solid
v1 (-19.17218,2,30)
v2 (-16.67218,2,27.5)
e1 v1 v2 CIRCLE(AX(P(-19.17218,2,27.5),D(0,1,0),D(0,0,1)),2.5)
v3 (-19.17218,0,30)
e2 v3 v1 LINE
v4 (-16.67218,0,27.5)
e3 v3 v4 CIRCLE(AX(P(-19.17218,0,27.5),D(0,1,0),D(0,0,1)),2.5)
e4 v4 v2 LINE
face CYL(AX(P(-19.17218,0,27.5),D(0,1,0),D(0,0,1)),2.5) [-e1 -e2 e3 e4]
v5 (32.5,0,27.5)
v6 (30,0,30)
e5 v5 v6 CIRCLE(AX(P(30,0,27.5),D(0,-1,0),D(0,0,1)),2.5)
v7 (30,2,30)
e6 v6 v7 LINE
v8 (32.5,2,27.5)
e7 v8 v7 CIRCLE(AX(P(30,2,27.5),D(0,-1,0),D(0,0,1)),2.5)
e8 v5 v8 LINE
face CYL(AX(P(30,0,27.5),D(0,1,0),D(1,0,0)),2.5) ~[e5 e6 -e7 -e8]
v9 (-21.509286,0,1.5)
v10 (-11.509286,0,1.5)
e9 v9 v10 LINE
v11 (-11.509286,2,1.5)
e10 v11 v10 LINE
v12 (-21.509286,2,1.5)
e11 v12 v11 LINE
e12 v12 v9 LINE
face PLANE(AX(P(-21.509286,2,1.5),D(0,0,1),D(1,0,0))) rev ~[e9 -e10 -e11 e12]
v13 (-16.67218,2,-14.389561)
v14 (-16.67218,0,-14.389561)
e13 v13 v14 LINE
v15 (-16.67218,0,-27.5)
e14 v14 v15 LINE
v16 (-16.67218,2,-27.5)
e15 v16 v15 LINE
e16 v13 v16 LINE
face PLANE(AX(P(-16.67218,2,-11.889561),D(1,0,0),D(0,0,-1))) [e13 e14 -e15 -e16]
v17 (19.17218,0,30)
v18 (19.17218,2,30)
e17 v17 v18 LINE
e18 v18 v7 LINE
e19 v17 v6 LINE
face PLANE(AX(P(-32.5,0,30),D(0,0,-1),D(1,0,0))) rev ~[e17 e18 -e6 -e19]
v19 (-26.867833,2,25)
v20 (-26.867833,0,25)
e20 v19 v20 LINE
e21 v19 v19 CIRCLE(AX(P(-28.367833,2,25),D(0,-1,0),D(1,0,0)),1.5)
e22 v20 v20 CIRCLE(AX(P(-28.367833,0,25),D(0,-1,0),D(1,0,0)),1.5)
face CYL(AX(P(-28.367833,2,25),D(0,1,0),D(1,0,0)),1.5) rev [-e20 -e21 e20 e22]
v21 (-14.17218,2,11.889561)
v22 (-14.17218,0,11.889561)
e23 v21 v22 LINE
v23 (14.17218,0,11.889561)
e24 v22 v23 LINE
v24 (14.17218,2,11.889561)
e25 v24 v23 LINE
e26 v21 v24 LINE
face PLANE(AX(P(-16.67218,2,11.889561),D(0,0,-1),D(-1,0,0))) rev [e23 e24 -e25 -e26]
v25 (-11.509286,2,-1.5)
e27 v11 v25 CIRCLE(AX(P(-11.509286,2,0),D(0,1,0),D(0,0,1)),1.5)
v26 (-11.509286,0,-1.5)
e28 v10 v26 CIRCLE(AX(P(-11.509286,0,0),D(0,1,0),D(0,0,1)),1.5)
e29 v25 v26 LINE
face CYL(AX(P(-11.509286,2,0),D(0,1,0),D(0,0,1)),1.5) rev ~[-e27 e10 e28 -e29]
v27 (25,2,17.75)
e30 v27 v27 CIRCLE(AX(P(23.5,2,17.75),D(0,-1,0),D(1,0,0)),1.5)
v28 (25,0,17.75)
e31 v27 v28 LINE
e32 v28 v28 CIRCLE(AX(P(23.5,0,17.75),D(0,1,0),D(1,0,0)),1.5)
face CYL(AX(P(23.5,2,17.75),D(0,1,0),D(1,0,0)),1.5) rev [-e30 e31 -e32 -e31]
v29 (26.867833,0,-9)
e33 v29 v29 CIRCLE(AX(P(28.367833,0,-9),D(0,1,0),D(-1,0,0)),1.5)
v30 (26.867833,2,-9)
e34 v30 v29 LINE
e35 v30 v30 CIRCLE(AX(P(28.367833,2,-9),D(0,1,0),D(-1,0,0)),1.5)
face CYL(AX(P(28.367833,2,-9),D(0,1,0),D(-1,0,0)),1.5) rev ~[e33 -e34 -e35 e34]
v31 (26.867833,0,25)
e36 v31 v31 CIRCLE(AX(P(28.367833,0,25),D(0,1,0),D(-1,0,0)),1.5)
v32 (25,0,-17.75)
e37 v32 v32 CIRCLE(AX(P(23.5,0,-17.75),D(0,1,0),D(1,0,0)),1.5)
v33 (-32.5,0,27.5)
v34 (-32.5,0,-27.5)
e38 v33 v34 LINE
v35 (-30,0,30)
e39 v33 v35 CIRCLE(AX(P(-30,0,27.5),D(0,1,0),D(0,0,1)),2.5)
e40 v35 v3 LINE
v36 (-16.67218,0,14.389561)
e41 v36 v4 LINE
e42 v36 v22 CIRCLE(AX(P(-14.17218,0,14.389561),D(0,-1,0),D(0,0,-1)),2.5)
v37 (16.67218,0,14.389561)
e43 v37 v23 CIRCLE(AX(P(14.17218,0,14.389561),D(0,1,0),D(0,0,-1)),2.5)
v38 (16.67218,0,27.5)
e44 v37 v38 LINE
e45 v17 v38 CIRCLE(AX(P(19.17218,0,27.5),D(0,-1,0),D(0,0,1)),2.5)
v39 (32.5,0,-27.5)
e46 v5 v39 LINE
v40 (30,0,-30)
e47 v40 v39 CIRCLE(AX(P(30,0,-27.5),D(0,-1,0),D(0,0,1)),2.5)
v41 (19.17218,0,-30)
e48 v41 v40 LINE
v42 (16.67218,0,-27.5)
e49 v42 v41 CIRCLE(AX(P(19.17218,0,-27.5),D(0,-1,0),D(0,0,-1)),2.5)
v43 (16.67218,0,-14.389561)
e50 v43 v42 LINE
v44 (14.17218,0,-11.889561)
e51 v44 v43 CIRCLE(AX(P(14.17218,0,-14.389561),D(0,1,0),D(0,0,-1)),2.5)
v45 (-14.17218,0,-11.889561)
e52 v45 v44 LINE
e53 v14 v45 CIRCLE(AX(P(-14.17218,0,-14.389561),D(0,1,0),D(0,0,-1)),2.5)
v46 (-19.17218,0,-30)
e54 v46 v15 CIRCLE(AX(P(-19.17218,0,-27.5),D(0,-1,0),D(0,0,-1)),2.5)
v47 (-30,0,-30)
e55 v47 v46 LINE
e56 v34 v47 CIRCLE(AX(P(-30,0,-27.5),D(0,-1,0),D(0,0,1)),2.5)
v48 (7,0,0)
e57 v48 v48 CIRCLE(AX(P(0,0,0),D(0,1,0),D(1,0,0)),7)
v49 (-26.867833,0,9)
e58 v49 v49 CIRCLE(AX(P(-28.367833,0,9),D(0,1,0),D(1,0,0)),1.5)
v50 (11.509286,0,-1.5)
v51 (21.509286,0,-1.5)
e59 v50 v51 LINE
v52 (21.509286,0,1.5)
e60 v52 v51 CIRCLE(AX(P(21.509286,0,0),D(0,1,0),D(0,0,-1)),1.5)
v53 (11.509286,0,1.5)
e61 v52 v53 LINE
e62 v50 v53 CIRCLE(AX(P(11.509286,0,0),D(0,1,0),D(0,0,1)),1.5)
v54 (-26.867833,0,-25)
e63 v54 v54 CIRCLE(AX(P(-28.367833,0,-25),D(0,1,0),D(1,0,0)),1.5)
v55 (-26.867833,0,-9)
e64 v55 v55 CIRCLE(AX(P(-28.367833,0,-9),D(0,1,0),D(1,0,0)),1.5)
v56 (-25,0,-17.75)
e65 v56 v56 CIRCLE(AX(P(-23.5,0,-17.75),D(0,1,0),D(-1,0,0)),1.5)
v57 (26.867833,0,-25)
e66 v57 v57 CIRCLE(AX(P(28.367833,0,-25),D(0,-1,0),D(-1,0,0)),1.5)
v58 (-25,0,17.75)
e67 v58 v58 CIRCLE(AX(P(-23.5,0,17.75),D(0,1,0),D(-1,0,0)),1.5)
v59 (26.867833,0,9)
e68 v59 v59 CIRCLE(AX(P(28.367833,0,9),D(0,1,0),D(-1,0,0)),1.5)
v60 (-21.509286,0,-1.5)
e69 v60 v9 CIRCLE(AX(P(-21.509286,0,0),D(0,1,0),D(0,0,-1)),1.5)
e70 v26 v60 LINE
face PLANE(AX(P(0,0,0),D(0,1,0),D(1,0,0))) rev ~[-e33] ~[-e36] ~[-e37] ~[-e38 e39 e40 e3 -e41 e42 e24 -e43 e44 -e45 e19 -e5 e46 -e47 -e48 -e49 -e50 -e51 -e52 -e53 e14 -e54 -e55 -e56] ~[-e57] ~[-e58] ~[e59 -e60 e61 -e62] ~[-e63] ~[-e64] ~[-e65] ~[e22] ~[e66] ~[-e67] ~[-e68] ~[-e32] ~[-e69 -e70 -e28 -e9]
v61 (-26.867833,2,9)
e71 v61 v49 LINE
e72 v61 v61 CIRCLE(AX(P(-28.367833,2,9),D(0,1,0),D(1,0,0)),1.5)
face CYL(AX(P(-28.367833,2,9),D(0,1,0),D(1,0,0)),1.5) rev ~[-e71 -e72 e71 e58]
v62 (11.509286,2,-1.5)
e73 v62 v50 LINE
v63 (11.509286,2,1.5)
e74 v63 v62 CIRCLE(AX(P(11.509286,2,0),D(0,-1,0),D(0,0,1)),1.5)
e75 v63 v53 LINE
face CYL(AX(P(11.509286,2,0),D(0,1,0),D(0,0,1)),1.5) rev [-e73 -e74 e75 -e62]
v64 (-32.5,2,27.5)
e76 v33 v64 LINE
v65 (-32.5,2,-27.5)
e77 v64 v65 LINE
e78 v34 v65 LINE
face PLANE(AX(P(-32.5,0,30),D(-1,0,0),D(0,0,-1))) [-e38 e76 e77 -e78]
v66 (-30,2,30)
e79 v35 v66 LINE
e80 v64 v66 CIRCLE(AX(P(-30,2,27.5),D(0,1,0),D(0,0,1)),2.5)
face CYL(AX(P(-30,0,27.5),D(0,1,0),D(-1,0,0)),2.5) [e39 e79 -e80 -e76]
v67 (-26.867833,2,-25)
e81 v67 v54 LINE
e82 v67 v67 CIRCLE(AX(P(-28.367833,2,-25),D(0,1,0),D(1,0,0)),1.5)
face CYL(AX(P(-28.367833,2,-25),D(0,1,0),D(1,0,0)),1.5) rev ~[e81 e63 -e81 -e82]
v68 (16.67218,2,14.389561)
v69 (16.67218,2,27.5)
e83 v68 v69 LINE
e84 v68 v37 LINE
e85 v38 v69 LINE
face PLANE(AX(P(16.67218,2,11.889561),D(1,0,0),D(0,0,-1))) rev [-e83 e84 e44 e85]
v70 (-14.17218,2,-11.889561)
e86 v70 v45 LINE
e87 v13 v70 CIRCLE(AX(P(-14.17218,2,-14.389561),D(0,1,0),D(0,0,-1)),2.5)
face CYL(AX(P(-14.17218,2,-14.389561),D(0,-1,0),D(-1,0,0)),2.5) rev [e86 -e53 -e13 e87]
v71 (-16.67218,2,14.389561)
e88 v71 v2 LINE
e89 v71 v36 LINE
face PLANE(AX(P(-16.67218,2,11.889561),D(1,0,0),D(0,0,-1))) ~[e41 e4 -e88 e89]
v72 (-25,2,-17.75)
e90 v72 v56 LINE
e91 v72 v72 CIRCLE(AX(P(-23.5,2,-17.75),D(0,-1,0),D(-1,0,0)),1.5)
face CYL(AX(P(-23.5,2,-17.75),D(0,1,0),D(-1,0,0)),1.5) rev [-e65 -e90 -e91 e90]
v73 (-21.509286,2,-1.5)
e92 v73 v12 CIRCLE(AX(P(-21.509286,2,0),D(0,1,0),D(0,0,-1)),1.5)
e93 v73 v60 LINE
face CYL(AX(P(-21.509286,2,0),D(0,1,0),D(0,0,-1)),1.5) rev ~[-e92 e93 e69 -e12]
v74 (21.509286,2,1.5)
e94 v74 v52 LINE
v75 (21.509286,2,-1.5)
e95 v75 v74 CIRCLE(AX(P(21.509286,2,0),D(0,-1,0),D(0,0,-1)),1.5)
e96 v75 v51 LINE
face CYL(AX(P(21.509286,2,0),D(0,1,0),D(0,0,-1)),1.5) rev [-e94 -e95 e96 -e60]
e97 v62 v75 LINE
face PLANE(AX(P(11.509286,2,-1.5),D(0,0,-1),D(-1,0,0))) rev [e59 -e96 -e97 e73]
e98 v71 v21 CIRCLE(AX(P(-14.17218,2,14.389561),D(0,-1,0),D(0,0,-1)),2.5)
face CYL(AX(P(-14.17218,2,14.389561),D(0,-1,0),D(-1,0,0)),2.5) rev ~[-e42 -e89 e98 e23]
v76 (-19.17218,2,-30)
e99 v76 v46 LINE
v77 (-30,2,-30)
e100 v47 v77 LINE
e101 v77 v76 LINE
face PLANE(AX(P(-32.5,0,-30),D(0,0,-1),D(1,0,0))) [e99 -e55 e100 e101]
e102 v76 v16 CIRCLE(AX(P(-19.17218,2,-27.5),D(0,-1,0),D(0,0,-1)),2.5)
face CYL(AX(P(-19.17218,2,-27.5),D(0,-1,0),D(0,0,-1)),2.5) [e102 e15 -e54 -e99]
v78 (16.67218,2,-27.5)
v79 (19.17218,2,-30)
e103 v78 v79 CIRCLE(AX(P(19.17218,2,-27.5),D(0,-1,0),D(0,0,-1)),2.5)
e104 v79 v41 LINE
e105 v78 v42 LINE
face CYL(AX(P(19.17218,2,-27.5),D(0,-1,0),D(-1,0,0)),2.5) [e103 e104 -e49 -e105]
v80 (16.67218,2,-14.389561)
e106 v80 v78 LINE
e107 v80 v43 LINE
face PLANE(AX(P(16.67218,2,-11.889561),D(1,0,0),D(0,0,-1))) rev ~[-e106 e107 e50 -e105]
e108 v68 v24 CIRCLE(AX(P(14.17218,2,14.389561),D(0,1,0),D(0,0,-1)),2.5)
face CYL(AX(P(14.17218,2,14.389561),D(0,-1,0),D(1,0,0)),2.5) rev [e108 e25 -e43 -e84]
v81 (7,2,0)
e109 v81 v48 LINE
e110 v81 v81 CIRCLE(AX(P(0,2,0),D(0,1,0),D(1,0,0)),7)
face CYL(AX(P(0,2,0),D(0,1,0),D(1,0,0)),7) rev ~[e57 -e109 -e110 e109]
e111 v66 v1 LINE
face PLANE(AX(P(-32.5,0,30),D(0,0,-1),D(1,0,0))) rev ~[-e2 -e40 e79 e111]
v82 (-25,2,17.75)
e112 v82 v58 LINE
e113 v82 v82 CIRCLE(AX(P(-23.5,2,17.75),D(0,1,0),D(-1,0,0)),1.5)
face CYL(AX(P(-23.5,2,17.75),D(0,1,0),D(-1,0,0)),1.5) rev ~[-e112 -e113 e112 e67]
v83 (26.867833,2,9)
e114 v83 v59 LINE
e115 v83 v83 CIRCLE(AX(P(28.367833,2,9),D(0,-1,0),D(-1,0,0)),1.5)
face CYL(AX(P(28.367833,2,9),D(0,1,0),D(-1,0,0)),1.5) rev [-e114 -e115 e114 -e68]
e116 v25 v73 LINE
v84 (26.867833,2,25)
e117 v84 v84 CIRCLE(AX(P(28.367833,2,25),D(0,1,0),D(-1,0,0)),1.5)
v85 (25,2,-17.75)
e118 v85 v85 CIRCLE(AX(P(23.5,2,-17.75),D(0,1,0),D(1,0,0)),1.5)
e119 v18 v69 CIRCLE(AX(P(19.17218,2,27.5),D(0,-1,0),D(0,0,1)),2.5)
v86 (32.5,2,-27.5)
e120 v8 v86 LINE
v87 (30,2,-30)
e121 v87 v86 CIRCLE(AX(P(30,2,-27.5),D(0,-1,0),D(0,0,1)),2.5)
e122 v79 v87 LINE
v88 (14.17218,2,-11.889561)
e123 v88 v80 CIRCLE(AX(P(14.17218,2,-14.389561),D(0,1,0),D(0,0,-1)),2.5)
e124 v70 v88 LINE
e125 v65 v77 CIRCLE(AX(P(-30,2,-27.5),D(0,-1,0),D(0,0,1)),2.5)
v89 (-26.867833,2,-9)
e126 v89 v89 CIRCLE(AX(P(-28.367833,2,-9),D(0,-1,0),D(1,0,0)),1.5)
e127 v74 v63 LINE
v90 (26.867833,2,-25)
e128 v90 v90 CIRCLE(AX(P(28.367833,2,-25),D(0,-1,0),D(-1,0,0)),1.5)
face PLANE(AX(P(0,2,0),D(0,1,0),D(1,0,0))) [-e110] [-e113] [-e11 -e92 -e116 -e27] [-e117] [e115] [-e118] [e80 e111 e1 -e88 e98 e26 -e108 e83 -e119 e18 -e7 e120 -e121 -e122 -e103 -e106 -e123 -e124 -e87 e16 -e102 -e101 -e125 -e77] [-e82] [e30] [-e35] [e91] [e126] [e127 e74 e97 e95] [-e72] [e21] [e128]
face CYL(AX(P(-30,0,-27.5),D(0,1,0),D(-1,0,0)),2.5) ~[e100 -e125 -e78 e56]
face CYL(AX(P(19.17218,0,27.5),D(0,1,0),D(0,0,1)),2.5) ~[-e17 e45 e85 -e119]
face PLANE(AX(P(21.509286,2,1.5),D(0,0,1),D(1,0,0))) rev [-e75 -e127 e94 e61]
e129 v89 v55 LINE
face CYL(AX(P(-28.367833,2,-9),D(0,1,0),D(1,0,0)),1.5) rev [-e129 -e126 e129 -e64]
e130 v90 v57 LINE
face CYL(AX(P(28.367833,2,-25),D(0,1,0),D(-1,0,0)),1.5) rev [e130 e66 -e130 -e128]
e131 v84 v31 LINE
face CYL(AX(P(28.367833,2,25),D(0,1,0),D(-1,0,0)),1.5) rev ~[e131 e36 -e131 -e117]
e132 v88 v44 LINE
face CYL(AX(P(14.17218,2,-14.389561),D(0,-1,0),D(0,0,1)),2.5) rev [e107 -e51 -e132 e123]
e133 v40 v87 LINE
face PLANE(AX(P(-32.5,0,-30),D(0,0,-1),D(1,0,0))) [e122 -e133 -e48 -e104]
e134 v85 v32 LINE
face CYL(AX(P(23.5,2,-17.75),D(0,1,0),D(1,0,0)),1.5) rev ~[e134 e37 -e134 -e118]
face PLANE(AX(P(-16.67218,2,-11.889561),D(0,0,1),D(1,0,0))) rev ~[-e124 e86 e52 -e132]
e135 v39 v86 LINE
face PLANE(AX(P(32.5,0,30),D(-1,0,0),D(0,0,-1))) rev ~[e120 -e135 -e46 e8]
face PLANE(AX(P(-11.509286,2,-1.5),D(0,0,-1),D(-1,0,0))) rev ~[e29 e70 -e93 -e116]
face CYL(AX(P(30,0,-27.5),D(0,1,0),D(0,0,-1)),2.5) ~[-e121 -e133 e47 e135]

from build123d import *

# Parameters (mm, degrees)
SKETCH_1_W                = 65
SKETCH_1_H                = 60
EXTRUDE_1_DEPTH           = 2
SKETCH_2_R                = 1.5
CUT_EXTRUDE_1_DEPTH       = 2
SKETCH_5_R                = 7
CUT_EXTRUDE_4_DEPTH       = 3
SKETCH_6_R                = 1.5
CUT_EXTRUDE_5_DEPTH       = 3
CUT_EXTRUDE_6_DEPTH       = 3
SKETCH_8_R                = 1.5
CUT_EXTRUDE_7_DEPTH       = 3
MIRROR_8_COPY_1_SKETCH_R  = 1.5
MIRROR_8_COPY_1_DEPTH     = 3
MIRROR_10_COPY_1_SKETCH_R = 1.5
MIRROR_10_COPY_1_DEPTH    = 2
MIRROR_10_COPY_2_SKETCH_R = 1.5
MIRROR_10_COPY_2_DEPTH    = 3
SKETCH_9_W                = 33.344360542
SKETCH_9_H                = 36.22087855
CUT_EXTRUDE_8_DEPTH       = 3
FILLET_1_R                = 2.5


with BuildPart() as part:
    # 草图1 → 凸台-拉伸1 (new body)
    with BuildSketch(Plane(origin=(0, 0, 0), x_dir=(1, 0, 0), z_dir=(0, 1, 0))):
        Rectangle(SKETCH_1_W, SKETCH_1_H)
    extrude(amount=EXTRUDE_1_DEPTH)

    # 草图2 → 切除-拉伸1 (cut)
    with BuildSketch(Plane(origin=(0, 2, 0), x_dir=(1, 0, 0), z_dir=(0, 1, 0))):
        with Locations((-28.367832783, 25)):
            Circle(SKETCH_2_R)
    cut_extrude_1 = extrude(amount=-CUT_EXTRUDE_1_DEPTH, mode=Mode.SUBTRACT)

    # 草图5 → 切除-拉伸4 (cut, through all)
    with BuildSketch(Plane(origin=(0, 2, 0), x_dir=(1, 0, 0), z_dir=(0, 1, 0))):
        Circle(SKETCH_5_R)
    extrude(amount=-CUT_EXTRUDE_4_DEPTH, mode=Mode.SUBTRACT)

    # 草图6 → 切除-拉伸5 (cut, through all)
    with BuildSketch(Plane(origin=(0, 2, 0), x_dir=(1, 0, 0), z_dir=(0, 1, 0))):
        with Locations((-28.367832783, -9)):
            Circle(SKETCH_6_R)
    cut_extrude_5 = extrude(amount=-CUT_EXTRUDE_5_DEPTH, mode=Mode.SUBTRACT)

    # 镜向7: 切除-拉伸5 across plane
    add(cut_extrude_5.mirror(Plane.XY), mode=Mode.SUBTRACT)

    # 草图7 → 切除-拉伸6 (cut, through all)
    with BuildSketch(Plane(origin=(0, 2, 0), x_dir=(1, 0, 0), z_dir=(0, 1, 0))):
        with BuildLine():
            Line((-11.509285997, 1.5), (-21.509285997, 1.5))
            ThreePointArc((-21.509285997, 1.5), (-23.009285997, 0), (-21.509285997, -1.5))
            Line((-21.509285997, -1.5), (-11.509285997, -1.5))
            ThreePointArc((-11.509285997, -1.5), (-10.009285997, 0), (-11.509285997, 1.5))
        make_face()
    cut_extrude_6 = extrude(amount=-CUT_EXTRUDE_6_DEPTH, mode=Mode.SUBTRACT)

    # 草图8 → 切除-拉伸7 (cut, through all)
    with BuildSketch(Plane(origin=(0, 2, 0), x_dir=(1, 0, 0), z_dir=(0, 1, 0))):
        with Locations((23.5, 17.75)):
            Circle(SKETCH_8_R)
    cut_extrude_7 = extrude(amount=-CUT_EXTRUDE_7_DEPTH, mode=Mode.SUBTRACT)

    # 镜向8: 切除-拉伸6, 切除-拉伸5 across plane
    add(cut_extrude_6.mirror(Plane(origin=(0, 0, 0), x_dir=(0, 0, 1), z_dir=(1, 0, 0))), mode=Mode.SUBTRACT)
    add(cut_extrude_5.mirror(Plane(origin=(0, 0, 0), x_dir=(0, 0, 1), z_dir=(1, 0, 0))), mode=Mode.SUBTRACT)

    # 镜向8 copy 1 sketch → 镜向8 copy 1 (cut, through all)
    with BuildSketch(Plane(origin=(0, 2, 0), x_dir=(-1, 0, 0), z_dir=(0, 1, 0))):
        with Locations((-28.367832783, -9)):
            Circle(MIRROR_8_COPY_1_SKETCH_R)
    extrude(amount=-MIRROR_8_COPY_1_DEPTH, mode=Mode.SUBTRACT)

    # 镜向9: 切除-拉伸1, 切除-拉伸7 across plane
    add(cut_extrude_1.mirror(Plane.XY), mode=Mode.SUBTRACT)
    add(cut_extrude_7.mirror(Plane.XY), mode=Mode.SUBTRACT)

    # 镜向10: 切除-拉伸1, 切除-拉伸7 across plane
    add(cut_extrude_1.mirror(Plane(origin=(0, 0, 0), x_dir=(0, 0, 1), z_dir=(1, 0, 0))), mode=Mode.SUBTRACT)
    add(cut_extrude_7.mirror(Plane(origin=(0, 0, 0), x_dir=(0, 0, 1), z_dir=(1, 0, 0))), mode=Mode.SUBTRACT)

    # 镜向10 copy 1 sketch → 镜向10 copy 1 (cut)
    with BuildSketch(Plane(origin=(0, 2, 0), x_dir=(-1, 0, 0), z_dir=(0, 1, 0))):
        with Locations((-28.367832783, 25)):
            Circle(MIRROR_10_COPY_1_SKETCH_R)
    extrude(amount=-MIRROR_10_COPY_1_DEPTH, mode=Mode.SUBTRACT)

    # 镜向10 copy 2 sketch → 镜向10 copy 2 (cut, through all)
    with BuildSketch(Plane(origin=(0, 2, 0), x_dir=(-1, 0, 0), z_dir=(0, 1, 0))):
        with Locations((23.5, 17.75)):
            Circle(MIRROR_10_COPY_2_SKETCH_R)
    extrude(amount=-MIRROR_10_COPY_2_DEPTH, mode=Mode.SUBTRACT)

    # 草图9 → 切除-拉伸8 (cut, through all)
    with BuildSketch(Plane(origin=(0, 2, 0), x_dir=(1, 0, 0), z_dir=(0, 1, 0))):
        with Locations((0, 30)):
            Rectangle(SKETCH_9_W, SKETCH_9_H)
    cut_extrude_8 = extrude(amount=-CUT_EXTRUDE_8_DEPTH, mode=Mode.SUBTRACT)

    # 镜向11: 切除-拉伸8 across plane
    add(cut_extrude_8.mirror(Plane.XY), mode=Mode.SUBTRACT)

    # 圆角1
    fillet_1_edges = [part.edges().sort_by_distance(p)[0] for p in [
        (16.672180271, 1, -30),
        (-16.672180271, 1, -30),
        (-16.672180271, 1, -11.889560725),
        (16.672180271, 1, -11.889560725),
        (16.672180271, 1, 30),
        (-16.672180271, 1, 30),
        (16.672180271, 1, 11.889560725),
        (-16.672180271, 1, 11.889560725),
        (-32.5, 1, -30),
        (32.5, 1, -30),
        (32.5, 1, 30),
        (-32.5, 1, 30),
    ]]
    fillet(fillet_1_edges, radius=FILLET_1_R)


solid = part.part
